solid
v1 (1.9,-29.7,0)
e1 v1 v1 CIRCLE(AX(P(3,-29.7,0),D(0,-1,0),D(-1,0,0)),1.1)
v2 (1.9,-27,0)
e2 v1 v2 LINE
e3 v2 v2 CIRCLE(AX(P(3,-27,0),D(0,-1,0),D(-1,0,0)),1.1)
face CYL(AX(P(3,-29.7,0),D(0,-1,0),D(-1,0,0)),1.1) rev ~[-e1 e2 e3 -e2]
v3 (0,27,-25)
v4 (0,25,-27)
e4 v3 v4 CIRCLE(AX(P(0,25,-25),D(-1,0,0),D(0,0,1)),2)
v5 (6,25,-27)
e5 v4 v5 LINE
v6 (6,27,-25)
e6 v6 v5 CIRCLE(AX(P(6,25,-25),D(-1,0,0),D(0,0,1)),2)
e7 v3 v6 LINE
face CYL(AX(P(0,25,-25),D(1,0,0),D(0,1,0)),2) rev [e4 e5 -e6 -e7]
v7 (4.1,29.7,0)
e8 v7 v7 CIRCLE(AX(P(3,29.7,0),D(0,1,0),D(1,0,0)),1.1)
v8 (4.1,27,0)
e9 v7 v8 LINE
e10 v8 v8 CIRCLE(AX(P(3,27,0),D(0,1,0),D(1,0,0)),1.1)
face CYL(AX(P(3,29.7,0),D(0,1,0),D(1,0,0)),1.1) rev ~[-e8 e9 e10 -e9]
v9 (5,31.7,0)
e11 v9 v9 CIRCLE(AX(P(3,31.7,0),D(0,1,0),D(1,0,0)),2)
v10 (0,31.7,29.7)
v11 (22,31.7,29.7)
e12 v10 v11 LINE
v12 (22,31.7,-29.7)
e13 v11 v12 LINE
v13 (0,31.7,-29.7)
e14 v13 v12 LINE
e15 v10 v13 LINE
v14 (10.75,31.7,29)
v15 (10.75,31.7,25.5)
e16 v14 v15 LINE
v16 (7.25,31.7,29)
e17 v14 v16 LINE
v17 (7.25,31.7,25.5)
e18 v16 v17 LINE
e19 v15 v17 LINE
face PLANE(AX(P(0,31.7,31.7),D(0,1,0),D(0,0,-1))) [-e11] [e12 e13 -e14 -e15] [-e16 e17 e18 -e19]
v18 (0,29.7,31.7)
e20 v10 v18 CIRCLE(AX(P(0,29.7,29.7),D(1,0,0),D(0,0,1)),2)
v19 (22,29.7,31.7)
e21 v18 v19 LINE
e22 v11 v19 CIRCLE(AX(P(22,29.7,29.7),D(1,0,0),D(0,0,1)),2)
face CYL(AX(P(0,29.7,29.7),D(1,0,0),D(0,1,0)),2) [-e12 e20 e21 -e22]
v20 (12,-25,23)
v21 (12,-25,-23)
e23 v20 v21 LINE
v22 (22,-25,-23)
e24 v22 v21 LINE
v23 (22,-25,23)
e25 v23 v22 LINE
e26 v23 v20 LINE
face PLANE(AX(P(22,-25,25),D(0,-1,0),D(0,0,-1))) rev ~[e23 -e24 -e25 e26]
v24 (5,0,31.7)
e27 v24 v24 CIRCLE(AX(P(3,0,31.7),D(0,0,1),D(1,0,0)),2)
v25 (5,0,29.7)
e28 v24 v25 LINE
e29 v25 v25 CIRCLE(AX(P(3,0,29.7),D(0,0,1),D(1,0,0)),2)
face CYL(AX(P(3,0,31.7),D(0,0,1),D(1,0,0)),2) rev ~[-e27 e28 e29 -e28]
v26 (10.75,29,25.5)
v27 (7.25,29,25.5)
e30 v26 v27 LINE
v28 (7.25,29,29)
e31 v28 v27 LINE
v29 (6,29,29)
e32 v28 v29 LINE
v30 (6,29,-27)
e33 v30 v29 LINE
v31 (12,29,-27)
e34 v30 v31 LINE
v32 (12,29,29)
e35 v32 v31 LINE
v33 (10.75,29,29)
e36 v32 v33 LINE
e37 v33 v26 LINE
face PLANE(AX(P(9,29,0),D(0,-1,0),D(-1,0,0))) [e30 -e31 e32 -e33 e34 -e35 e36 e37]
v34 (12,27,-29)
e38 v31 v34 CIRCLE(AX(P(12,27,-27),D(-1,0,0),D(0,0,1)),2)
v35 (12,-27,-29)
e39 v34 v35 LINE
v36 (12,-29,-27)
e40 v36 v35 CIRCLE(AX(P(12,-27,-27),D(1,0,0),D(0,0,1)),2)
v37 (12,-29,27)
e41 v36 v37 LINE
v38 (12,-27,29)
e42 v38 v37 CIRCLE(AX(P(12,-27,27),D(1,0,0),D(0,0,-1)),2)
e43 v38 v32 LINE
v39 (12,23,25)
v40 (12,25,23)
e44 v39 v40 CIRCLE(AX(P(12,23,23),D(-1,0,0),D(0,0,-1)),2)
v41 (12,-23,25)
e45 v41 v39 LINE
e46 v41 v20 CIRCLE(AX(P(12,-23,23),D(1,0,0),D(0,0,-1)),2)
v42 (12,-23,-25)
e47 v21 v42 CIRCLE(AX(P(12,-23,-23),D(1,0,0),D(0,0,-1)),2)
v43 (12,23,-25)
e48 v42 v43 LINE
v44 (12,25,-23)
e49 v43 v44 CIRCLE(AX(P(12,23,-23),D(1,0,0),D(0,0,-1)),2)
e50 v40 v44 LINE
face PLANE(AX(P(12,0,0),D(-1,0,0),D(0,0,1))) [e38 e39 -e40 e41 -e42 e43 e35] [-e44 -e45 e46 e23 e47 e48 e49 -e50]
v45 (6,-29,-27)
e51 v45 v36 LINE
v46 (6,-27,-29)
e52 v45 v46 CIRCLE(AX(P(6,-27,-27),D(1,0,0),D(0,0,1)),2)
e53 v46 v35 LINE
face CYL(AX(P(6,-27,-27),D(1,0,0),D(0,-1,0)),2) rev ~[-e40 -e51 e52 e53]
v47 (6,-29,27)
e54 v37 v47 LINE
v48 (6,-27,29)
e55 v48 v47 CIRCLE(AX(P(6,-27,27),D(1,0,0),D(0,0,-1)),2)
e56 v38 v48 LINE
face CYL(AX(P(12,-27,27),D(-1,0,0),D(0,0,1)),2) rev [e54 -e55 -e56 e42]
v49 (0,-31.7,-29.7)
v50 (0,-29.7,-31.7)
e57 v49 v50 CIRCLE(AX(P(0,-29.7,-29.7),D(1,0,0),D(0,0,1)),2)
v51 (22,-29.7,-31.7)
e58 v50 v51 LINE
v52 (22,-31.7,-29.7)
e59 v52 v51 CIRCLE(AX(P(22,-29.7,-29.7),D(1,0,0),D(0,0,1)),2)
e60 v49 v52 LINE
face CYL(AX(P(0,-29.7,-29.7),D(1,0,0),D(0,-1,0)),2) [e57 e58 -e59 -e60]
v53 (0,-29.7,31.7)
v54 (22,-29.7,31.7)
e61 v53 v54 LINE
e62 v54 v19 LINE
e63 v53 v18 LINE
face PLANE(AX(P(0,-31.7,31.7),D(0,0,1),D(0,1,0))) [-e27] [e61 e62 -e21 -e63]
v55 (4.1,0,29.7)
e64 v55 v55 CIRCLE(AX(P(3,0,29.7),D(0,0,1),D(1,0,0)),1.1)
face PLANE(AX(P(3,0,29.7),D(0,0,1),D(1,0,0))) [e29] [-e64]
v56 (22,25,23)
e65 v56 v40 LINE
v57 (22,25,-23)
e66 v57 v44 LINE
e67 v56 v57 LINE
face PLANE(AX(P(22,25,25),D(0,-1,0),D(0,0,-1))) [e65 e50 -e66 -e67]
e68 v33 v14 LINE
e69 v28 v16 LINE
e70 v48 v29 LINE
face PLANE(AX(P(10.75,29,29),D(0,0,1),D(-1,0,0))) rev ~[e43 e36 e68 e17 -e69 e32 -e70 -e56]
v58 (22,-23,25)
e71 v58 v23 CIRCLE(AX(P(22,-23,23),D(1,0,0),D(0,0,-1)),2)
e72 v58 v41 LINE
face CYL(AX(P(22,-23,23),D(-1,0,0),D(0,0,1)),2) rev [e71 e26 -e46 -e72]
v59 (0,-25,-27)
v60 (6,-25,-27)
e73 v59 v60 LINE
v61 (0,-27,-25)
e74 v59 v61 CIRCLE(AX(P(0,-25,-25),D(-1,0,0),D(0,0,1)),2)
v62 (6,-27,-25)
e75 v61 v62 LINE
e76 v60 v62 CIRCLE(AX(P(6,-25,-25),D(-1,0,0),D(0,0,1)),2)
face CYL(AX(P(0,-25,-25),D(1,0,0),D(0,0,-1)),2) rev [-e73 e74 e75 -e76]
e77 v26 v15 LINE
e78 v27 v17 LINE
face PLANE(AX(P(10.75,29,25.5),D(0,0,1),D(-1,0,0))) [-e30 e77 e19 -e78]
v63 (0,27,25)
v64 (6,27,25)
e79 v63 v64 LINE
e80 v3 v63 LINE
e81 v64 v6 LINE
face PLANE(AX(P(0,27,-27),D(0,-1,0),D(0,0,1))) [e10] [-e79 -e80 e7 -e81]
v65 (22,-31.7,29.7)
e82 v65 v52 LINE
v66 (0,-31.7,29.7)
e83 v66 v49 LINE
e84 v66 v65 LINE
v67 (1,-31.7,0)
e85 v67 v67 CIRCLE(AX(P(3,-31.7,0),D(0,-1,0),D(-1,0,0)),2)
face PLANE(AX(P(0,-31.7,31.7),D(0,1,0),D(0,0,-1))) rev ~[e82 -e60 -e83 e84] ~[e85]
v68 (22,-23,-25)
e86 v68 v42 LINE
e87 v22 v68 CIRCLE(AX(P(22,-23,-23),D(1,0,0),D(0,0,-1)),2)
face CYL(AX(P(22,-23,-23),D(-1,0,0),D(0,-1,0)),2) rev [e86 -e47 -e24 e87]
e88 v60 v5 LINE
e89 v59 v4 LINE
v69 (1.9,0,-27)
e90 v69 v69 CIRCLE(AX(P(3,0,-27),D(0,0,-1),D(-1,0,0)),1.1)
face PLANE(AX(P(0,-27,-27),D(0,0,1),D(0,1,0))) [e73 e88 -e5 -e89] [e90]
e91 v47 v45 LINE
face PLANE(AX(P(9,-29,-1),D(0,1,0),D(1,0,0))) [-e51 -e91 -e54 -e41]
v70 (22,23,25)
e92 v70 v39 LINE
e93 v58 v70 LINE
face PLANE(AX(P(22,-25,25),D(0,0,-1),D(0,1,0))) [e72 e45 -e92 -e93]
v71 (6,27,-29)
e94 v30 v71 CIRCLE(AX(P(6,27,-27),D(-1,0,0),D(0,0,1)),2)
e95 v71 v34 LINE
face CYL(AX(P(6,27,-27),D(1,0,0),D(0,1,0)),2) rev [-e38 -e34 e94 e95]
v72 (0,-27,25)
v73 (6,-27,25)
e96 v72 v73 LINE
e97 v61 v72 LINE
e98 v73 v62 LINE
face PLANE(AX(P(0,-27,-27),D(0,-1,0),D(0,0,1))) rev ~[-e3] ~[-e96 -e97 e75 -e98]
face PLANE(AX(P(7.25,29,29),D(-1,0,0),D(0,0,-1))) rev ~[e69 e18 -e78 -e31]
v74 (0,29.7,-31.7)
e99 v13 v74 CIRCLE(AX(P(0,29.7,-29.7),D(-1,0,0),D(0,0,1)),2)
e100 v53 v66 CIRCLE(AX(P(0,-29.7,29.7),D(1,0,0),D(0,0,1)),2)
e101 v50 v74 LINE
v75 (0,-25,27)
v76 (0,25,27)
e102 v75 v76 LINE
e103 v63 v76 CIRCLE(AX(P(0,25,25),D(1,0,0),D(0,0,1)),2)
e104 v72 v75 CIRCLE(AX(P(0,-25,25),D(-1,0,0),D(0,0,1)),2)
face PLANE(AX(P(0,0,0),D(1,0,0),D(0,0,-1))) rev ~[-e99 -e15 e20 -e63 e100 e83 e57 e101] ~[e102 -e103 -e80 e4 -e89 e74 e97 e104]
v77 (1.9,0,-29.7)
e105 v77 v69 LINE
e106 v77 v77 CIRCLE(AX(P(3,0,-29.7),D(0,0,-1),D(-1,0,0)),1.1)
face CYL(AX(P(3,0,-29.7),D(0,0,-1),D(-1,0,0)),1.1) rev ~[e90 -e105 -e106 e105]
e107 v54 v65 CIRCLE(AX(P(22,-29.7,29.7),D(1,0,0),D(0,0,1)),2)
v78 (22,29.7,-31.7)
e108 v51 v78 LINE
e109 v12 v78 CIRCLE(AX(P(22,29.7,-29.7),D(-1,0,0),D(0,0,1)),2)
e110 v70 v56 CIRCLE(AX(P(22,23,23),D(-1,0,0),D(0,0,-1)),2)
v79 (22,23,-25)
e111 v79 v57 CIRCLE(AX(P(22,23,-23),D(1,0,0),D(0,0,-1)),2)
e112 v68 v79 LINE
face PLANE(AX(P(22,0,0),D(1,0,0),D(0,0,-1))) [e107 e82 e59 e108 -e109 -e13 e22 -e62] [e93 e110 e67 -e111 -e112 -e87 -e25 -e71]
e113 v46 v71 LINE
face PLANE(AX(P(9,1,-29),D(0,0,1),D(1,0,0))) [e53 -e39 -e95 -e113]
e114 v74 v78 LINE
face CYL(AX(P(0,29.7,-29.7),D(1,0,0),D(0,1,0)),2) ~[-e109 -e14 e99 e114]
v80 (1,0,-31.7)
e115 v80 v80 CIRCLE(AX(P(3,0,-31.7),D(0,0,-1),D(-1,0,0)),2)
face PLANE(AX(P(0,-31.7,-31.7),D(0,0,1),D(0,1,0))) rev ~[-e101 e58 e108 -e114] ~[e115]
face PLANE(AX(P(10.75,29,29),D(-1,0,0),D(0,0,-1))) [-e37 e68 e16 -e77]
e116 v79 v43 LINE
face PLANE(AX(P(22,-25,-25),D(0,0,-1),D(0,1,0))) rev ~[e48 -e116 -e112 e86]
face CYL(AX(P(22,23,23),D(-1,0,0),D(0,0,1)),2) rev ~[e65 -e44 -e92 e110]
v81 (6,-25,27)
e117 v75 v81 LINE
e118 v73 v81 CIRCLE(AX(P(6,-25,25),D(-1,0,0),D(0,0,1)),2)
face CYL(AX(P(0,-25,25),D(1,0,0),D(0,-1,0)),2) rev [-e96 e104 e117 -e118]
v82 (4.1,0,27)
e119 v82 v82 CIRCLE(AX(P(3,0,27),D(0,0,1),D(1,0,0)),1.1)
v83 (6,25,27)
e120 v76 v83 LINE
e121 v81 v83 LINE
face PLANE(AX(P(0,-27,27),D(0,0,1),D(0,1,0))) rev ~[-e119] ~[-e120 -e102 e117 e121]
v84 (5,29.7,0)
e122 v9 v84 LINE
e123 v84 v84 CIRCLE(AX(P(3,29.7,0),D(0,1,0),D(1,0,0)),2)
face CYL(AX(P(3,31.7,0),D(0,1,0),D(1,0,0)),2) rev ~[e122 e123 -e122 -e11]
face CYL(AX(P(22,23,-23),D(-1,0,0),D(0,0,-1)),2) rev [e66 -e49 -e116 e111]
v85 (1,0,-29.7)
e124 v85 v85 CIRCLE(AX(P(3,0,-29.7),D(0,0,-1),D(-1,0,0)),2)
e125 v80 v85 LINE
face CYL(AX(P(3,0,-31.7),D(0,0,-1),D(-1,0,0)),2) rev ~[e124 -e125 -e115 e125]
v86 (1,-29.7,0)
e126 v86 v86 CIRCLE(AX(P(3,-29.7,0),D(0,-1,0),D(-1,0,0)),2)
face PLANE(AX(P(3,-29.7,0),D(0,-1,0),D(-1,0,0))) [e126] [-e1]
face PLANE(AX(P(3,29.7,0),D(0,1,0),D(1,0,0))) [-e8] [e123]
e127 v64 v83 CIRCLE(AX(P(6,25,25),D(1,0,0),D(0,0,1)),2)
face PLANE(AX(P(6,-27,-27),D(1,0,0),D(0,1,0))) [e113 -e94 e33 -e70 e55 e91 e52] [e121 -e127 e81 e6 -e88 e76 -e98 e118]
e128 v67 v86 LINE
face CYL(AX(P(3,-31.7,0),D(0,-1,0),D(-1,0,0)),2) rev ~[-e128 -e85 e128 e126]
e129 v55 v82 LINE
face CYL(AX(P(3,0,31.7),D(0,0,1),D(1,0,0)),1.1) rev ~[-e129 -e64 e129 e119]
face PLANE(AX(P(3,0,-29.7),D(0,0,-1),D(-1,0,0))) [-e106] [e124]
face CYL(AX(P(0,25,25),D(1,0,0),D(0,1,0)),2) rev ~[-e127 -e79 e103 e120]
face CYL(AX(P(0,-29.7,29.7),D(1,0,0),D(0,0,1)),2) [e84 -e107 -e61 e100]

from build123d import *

# Parameters (mm, degrees)
SKETCH_1_W           = 63.4
SKETCH_1_H           = 63.4
EXTRUDE_1_DEPTH      = 22
SKETCH_2_W           = 50
SKETCH_2_H           = 50
CUT_EXTRUDE_1_DEPTH  = 10
SKETCH_3_W           = 54
SKETCH_3_H           = 54
CUT_EXTRUDE_2_DEPTH  = 12
SKETCH_4_W           = 6
SKETCH_4_H           = 54
CUT_EXTRUDE_3_DEPTH  = 2
SKETCH_5_W           = 6
SKETCH_5_H           = 56
CUT_EXTRUDE_4_DEPTH  = 2
SKETCH_6_W           = 6
SKETCH_6_H           = 56
CUT_EXTRUDE_5_DEPTH  = 2
SKETCH_8_W           = 6
SKETCH_8_H           = 58
CUT_EXTRUDE_9_DEPTH  = 2
CUT_EXTRUDE_11_REACH = 4.7
SKETCH_9_W           = 3.5
SKETCH_9_H           = 3.5
SKETCH_10_R          = 2
CUT_EXTRUDE_12_DEPTH = 2
CUT_EXTRUDE_13_REACH = 63.4
SKETCH_11_R          = 1.1
SKETCH_12_R          = 2
CUT_EXTRUDE_14_DEPTH = 2
CUT_EXTRUDE_15_REACH = 65.4
SKETCH_13_R          = 1.1
SKETCH_14_R          = 2
CUT_EXTRUDE_16_DEPTH = 2
CUT_EXTRUDE_17_REACH = 63.4
SKETCH_15_R          = 1.1
SKETCH_16_R          = 2
CUT_EXTRUDE_18_DEPTH = 2
CUT_EXTRUDE_19_REACH = 63.4
SKETCH_17_R          = 1.1
FILLET_1_R           = 2
FILLET_2_R           = 2
FILLET_3_R           = 2
FILLET_4_R           = 2


with BuildPart() as part:
    # 草图1 → 凸台-拉伸1 (new body)
    with BuildSketch(Plane(origin=(0, 0, 0), x_dir=(0, 0, -1), z_dir=(1, 0, 0))):
        Rectangle(SKETCH_1_W, SKETCH_1_H)
    extrude(amount=EXTRUDE_1_DEPTH)

    # 草图2 → 切除-拉伸1 (cut)
    with BuildSketch(Plane(origin=(22, 0, 0), x_dir=(0, 0, -1), z_dir=(1, 0, 0))):
        Rectangle(SKETCH_2_W, SKETCH_2_H)
    extrude(amount=-CUT_EXTRUDE_1_DEPTH, mode=Mode.SUBTRACT)

    # 草图3 → 切除-拉伸2 (cut)
    with BuildSketch(Plane.ZY):
        Rectangle(SKETCH_3_W, SKETCH_3_H)
    extrude(amount=-CUT_EXTRUDE_2_DEPTH, mode=Mode.SUBTRACT)

    # 草图4 → 切除-拉伸3 (cut)
    with BuildSketch(Plane(origin=(0, 27, 0), x_dir=(-1, 0, 0), z_dir=(0, -1, 0))):
        with Locations((-9, 0)):
            Rectangle(SKETCH_4_W, SKETCH_4_H)
    extrude(amount=-CUT_EXTRUDE_3_DEPTH, mode=Mode.SUBTRACT)

    # 草图5 → 切除-拉伸4 (cut)
    with BuildSketch(Plane.XY.offset(-27)):
        with Locations((9, 1)):
            Rectangle(SKETCH_5_W, SKETCH_5_H)
    extrude(amount=-CUT_EXTRUDE_4_DEPTH, mode=Mode.SUBTRACT)

    # 草图6 → 切除-拉伸5 (cut)
    with BuildSketch(Plane(origin=(0, -27, 0), x_dir=(1, 0, 0), z_dir=(0, 1, 0))):
        with Locations((9, 1)):
            Rectangle(SKETCH_6_W, SKETCH_6_H)
    extrude(amount=-CUT_EXTRUDE_5_DEPTH, mode=Mode.SUBTRACT)

    # 草图8 → 切除-拉伸9 (cut)
    with BuildSketch(Plane(origin=(0, 0, 27), x_dir=(-1, 0, 0), z_dir=(0, 0, -1))):
        with Locations((-9, 0)):
            Rectangle(SKETCH_8_W, SKETCH_8_H)
    extrude(amount=-CUT_EXTRUDE_9_DEPTH, mode=Mode.SUBTRACT)

    # 草图9 → 切除-拉伸11 (cut, up to next)
    with BuildSketch(Plane(origin=(0, 29, 0), x_dir=(-1, 0, 0), z_dir=(0, -1, 0)), mode=Mode.PRIVATE) as cut_extrude_11_sk1:
        with Locations((-9, -27.25)):
            Rectangle(SKETCH_9_W, SKETCH_9_H)
    cut_extrude_11_tool1 = extrude(cut_extrude_11_sk1.sketch, amount=-CUT_EXTRUDE_11_REACH, mode=Mode.PRIVATE) & part.part
    add(cut_extrude_11_tool1.solids().sort_by_distance((9, 29, 27.25))[0], mode=Mode.SUBTRACT)

    # 草图10 → 切除-拉伸12 (cut)
    with BuildSketch(Plane(origin=(0, 0, -31.7), x_dir=(-1, 0, 0), z_dir=(0, 0, -1))):
        with Locations((-3, 0)):
            Circle(SKETCH_10_R)
    extrude(amount=-CUT_EXTRUDE_12_DEPTH, mode=Mode.SUBTRACT)

    # 草图11 → 切除-拉伸13 (cut, up to next)
    with BuildSketch(Plane(origin=(0, 0, -29.7), x_dir=(-1, 0, 0), z_dir=(0, 0, -1)), mode=Mode.PRIVATE) as cut_extrude_13_sk1:
        with Locations((-3, 0)):
            Circle(SKETCH_11_R)
    cut_extrude_13_tool1 = extrude(cut_extrude_13_sk1.sketch, amount=-CUT_EXTRUDE_13_REACH, mode=Mode.PRIVATE) & part.part
    add(cut_extrude_13_tool1.solids().sort_by_distance((3, 0, -29.7))[0], mode=Mode.SUBTRACT)

    # 草图12 → 切除-拉伸14 (cut)
    with BuildSketch(Plane.XY.offset(31.7)):
        with Locations((3, 0)):
            Circle(SKETCH_12_R)
    extrude(amount=-CUT_EXTRUDE_14_DEPTH, mode=Mode.SUBTRACT)

    # 草图13 → 切除-拉伸15 (cut, up to next)
    with BuildSketch(Plane.XY.offset(31.7), mode=Mode.PRIVATE) as cut_extrude_15_sk1:
        with Locations((3, 0)):
            Circle(SKETCH_13_R)
    cut_extrude_15_tool1 = extrude(cut_extrude_15_sk1.sketch, amount=-CUT_EXTRUDE_15_REACH, mode=Mode.PRIVATE) & part.part
    add(cut_extrude_15_tool1.solids().sort_by_distance((3, 0, 31.7))[0], mode=Mode.SUBTRACT)

    # 草图14 → 切除-拉伸16 (cut)
    with BuildSketch(Plane(origin=(0, -31.7, 0), x_dir=(-1, 0, 0), z_dir=(0, -1, 0))):
        with Locations((-3, 0)):
            Circle(SKETCH_14_R)
    extrude(amount=-CUT_EXTRUDE_16_DEPTH, mode=Mode.SUBTRACT)

    # 草图15 → 切除-拉伸17 (cut, up to next)
    with BuildSketch(Plane(origin=(0, -29.7, 0), x_dir=(-1, 0, 0), z_dir=(0, -1, 0)), mode=Mode.PRIVATE) as cut_extrude_17_sk1:
        with Locations((-3, 0)):
            Circle(SKETCH_15_R)
    cut_extrude_17_tool1 = extrude(cut_extrude_17_sk1.sketch, amount=-CUT_EXTRUDE_17_REACH, mode=Mode.PRIVATE) & part.part
    add(cut_extrude_17_tool1.solids().sort_by_distance((3, -29.7, 0))[0], mode=Mode.SUBTRACT)

    # 草图16 → 切除-拉伸18 (cut)
    with BuildSketch(Plane(origin=(0, 31.7, 0), x_dir=(1, 0, 0), z_dir=(0, 1, 0))):
        with Locations((3, 0)):
            Circle(SKETCH_16_R)
    extrude(amount=-CUT_EXTRUDE_18_DEPTH, mode=Mode.SUBTRACT)

    # 草图17 → 切除-拉伸19 (cut, up to next)
    with BuildSketch(Plane(origin=(0, 29.7, 0), x_dir=(1, 0, 0), z_dir=(0, 1, 0)), mode=Mode.PRIVATE) as cut_extrude_19_sk1:
        with Locations((3, 0)):
            Circle(SKETCH_17_R)
    cut_extrude_19_tool1 = extrude(cut_extrude_19_sk1.sketch, amount=-CUT_EXTRUDE_19_REACH, mode=Mode.PRIVATE) & part.part
    add(cut_extrude_19_tool1.solids().sort_by_distance((3, 29.7, 0))[0], mode=Mode.SUBTRACT)

    # 圆角1
    fillet_1_edges = [part.edges().sort_by_distance(p)[0] for p in [
        (9, -29, -29),
        (9, -29, 29),
        (9, 29, -29),
    ]]
    fillet(fillet_1_edges, radius=FILLET_1_R)

    # 圆角2
    fillet_2_edges = [part.edges().sort_by_distance(p)[0] for p in [
        (17, 25, -25),
        (17, -25, -25),
        (17, -25, 25),
        (17, 25, 25),
    ]]
    fillet(fillet_2_edges, radius=FILLET_2_R)

    # 圆角3
    fillet_3_edges = [part.edges().sort_by_distance(p)[0] for p in [
        (3, 27, -27),
        (3, 27, 27),
        (3, -27, -27),
        (3, -27, 27),
    ]]
    fillet(fillet_3_edges, radius=FILLET_3_R)

    # 圆角4
    fillet_4_edges = [part.edges().sort_by_distance(p)[0] for p in [
        (11, -31.7, -31.7),
        (11, -31.7, 31.7),
        (11, 31.7, 31.7),
        (11, 31.7, -31.7),
    ]]
    fillet(fillet_4_edges, radius=FILLET_4_R)


solid = part.part
